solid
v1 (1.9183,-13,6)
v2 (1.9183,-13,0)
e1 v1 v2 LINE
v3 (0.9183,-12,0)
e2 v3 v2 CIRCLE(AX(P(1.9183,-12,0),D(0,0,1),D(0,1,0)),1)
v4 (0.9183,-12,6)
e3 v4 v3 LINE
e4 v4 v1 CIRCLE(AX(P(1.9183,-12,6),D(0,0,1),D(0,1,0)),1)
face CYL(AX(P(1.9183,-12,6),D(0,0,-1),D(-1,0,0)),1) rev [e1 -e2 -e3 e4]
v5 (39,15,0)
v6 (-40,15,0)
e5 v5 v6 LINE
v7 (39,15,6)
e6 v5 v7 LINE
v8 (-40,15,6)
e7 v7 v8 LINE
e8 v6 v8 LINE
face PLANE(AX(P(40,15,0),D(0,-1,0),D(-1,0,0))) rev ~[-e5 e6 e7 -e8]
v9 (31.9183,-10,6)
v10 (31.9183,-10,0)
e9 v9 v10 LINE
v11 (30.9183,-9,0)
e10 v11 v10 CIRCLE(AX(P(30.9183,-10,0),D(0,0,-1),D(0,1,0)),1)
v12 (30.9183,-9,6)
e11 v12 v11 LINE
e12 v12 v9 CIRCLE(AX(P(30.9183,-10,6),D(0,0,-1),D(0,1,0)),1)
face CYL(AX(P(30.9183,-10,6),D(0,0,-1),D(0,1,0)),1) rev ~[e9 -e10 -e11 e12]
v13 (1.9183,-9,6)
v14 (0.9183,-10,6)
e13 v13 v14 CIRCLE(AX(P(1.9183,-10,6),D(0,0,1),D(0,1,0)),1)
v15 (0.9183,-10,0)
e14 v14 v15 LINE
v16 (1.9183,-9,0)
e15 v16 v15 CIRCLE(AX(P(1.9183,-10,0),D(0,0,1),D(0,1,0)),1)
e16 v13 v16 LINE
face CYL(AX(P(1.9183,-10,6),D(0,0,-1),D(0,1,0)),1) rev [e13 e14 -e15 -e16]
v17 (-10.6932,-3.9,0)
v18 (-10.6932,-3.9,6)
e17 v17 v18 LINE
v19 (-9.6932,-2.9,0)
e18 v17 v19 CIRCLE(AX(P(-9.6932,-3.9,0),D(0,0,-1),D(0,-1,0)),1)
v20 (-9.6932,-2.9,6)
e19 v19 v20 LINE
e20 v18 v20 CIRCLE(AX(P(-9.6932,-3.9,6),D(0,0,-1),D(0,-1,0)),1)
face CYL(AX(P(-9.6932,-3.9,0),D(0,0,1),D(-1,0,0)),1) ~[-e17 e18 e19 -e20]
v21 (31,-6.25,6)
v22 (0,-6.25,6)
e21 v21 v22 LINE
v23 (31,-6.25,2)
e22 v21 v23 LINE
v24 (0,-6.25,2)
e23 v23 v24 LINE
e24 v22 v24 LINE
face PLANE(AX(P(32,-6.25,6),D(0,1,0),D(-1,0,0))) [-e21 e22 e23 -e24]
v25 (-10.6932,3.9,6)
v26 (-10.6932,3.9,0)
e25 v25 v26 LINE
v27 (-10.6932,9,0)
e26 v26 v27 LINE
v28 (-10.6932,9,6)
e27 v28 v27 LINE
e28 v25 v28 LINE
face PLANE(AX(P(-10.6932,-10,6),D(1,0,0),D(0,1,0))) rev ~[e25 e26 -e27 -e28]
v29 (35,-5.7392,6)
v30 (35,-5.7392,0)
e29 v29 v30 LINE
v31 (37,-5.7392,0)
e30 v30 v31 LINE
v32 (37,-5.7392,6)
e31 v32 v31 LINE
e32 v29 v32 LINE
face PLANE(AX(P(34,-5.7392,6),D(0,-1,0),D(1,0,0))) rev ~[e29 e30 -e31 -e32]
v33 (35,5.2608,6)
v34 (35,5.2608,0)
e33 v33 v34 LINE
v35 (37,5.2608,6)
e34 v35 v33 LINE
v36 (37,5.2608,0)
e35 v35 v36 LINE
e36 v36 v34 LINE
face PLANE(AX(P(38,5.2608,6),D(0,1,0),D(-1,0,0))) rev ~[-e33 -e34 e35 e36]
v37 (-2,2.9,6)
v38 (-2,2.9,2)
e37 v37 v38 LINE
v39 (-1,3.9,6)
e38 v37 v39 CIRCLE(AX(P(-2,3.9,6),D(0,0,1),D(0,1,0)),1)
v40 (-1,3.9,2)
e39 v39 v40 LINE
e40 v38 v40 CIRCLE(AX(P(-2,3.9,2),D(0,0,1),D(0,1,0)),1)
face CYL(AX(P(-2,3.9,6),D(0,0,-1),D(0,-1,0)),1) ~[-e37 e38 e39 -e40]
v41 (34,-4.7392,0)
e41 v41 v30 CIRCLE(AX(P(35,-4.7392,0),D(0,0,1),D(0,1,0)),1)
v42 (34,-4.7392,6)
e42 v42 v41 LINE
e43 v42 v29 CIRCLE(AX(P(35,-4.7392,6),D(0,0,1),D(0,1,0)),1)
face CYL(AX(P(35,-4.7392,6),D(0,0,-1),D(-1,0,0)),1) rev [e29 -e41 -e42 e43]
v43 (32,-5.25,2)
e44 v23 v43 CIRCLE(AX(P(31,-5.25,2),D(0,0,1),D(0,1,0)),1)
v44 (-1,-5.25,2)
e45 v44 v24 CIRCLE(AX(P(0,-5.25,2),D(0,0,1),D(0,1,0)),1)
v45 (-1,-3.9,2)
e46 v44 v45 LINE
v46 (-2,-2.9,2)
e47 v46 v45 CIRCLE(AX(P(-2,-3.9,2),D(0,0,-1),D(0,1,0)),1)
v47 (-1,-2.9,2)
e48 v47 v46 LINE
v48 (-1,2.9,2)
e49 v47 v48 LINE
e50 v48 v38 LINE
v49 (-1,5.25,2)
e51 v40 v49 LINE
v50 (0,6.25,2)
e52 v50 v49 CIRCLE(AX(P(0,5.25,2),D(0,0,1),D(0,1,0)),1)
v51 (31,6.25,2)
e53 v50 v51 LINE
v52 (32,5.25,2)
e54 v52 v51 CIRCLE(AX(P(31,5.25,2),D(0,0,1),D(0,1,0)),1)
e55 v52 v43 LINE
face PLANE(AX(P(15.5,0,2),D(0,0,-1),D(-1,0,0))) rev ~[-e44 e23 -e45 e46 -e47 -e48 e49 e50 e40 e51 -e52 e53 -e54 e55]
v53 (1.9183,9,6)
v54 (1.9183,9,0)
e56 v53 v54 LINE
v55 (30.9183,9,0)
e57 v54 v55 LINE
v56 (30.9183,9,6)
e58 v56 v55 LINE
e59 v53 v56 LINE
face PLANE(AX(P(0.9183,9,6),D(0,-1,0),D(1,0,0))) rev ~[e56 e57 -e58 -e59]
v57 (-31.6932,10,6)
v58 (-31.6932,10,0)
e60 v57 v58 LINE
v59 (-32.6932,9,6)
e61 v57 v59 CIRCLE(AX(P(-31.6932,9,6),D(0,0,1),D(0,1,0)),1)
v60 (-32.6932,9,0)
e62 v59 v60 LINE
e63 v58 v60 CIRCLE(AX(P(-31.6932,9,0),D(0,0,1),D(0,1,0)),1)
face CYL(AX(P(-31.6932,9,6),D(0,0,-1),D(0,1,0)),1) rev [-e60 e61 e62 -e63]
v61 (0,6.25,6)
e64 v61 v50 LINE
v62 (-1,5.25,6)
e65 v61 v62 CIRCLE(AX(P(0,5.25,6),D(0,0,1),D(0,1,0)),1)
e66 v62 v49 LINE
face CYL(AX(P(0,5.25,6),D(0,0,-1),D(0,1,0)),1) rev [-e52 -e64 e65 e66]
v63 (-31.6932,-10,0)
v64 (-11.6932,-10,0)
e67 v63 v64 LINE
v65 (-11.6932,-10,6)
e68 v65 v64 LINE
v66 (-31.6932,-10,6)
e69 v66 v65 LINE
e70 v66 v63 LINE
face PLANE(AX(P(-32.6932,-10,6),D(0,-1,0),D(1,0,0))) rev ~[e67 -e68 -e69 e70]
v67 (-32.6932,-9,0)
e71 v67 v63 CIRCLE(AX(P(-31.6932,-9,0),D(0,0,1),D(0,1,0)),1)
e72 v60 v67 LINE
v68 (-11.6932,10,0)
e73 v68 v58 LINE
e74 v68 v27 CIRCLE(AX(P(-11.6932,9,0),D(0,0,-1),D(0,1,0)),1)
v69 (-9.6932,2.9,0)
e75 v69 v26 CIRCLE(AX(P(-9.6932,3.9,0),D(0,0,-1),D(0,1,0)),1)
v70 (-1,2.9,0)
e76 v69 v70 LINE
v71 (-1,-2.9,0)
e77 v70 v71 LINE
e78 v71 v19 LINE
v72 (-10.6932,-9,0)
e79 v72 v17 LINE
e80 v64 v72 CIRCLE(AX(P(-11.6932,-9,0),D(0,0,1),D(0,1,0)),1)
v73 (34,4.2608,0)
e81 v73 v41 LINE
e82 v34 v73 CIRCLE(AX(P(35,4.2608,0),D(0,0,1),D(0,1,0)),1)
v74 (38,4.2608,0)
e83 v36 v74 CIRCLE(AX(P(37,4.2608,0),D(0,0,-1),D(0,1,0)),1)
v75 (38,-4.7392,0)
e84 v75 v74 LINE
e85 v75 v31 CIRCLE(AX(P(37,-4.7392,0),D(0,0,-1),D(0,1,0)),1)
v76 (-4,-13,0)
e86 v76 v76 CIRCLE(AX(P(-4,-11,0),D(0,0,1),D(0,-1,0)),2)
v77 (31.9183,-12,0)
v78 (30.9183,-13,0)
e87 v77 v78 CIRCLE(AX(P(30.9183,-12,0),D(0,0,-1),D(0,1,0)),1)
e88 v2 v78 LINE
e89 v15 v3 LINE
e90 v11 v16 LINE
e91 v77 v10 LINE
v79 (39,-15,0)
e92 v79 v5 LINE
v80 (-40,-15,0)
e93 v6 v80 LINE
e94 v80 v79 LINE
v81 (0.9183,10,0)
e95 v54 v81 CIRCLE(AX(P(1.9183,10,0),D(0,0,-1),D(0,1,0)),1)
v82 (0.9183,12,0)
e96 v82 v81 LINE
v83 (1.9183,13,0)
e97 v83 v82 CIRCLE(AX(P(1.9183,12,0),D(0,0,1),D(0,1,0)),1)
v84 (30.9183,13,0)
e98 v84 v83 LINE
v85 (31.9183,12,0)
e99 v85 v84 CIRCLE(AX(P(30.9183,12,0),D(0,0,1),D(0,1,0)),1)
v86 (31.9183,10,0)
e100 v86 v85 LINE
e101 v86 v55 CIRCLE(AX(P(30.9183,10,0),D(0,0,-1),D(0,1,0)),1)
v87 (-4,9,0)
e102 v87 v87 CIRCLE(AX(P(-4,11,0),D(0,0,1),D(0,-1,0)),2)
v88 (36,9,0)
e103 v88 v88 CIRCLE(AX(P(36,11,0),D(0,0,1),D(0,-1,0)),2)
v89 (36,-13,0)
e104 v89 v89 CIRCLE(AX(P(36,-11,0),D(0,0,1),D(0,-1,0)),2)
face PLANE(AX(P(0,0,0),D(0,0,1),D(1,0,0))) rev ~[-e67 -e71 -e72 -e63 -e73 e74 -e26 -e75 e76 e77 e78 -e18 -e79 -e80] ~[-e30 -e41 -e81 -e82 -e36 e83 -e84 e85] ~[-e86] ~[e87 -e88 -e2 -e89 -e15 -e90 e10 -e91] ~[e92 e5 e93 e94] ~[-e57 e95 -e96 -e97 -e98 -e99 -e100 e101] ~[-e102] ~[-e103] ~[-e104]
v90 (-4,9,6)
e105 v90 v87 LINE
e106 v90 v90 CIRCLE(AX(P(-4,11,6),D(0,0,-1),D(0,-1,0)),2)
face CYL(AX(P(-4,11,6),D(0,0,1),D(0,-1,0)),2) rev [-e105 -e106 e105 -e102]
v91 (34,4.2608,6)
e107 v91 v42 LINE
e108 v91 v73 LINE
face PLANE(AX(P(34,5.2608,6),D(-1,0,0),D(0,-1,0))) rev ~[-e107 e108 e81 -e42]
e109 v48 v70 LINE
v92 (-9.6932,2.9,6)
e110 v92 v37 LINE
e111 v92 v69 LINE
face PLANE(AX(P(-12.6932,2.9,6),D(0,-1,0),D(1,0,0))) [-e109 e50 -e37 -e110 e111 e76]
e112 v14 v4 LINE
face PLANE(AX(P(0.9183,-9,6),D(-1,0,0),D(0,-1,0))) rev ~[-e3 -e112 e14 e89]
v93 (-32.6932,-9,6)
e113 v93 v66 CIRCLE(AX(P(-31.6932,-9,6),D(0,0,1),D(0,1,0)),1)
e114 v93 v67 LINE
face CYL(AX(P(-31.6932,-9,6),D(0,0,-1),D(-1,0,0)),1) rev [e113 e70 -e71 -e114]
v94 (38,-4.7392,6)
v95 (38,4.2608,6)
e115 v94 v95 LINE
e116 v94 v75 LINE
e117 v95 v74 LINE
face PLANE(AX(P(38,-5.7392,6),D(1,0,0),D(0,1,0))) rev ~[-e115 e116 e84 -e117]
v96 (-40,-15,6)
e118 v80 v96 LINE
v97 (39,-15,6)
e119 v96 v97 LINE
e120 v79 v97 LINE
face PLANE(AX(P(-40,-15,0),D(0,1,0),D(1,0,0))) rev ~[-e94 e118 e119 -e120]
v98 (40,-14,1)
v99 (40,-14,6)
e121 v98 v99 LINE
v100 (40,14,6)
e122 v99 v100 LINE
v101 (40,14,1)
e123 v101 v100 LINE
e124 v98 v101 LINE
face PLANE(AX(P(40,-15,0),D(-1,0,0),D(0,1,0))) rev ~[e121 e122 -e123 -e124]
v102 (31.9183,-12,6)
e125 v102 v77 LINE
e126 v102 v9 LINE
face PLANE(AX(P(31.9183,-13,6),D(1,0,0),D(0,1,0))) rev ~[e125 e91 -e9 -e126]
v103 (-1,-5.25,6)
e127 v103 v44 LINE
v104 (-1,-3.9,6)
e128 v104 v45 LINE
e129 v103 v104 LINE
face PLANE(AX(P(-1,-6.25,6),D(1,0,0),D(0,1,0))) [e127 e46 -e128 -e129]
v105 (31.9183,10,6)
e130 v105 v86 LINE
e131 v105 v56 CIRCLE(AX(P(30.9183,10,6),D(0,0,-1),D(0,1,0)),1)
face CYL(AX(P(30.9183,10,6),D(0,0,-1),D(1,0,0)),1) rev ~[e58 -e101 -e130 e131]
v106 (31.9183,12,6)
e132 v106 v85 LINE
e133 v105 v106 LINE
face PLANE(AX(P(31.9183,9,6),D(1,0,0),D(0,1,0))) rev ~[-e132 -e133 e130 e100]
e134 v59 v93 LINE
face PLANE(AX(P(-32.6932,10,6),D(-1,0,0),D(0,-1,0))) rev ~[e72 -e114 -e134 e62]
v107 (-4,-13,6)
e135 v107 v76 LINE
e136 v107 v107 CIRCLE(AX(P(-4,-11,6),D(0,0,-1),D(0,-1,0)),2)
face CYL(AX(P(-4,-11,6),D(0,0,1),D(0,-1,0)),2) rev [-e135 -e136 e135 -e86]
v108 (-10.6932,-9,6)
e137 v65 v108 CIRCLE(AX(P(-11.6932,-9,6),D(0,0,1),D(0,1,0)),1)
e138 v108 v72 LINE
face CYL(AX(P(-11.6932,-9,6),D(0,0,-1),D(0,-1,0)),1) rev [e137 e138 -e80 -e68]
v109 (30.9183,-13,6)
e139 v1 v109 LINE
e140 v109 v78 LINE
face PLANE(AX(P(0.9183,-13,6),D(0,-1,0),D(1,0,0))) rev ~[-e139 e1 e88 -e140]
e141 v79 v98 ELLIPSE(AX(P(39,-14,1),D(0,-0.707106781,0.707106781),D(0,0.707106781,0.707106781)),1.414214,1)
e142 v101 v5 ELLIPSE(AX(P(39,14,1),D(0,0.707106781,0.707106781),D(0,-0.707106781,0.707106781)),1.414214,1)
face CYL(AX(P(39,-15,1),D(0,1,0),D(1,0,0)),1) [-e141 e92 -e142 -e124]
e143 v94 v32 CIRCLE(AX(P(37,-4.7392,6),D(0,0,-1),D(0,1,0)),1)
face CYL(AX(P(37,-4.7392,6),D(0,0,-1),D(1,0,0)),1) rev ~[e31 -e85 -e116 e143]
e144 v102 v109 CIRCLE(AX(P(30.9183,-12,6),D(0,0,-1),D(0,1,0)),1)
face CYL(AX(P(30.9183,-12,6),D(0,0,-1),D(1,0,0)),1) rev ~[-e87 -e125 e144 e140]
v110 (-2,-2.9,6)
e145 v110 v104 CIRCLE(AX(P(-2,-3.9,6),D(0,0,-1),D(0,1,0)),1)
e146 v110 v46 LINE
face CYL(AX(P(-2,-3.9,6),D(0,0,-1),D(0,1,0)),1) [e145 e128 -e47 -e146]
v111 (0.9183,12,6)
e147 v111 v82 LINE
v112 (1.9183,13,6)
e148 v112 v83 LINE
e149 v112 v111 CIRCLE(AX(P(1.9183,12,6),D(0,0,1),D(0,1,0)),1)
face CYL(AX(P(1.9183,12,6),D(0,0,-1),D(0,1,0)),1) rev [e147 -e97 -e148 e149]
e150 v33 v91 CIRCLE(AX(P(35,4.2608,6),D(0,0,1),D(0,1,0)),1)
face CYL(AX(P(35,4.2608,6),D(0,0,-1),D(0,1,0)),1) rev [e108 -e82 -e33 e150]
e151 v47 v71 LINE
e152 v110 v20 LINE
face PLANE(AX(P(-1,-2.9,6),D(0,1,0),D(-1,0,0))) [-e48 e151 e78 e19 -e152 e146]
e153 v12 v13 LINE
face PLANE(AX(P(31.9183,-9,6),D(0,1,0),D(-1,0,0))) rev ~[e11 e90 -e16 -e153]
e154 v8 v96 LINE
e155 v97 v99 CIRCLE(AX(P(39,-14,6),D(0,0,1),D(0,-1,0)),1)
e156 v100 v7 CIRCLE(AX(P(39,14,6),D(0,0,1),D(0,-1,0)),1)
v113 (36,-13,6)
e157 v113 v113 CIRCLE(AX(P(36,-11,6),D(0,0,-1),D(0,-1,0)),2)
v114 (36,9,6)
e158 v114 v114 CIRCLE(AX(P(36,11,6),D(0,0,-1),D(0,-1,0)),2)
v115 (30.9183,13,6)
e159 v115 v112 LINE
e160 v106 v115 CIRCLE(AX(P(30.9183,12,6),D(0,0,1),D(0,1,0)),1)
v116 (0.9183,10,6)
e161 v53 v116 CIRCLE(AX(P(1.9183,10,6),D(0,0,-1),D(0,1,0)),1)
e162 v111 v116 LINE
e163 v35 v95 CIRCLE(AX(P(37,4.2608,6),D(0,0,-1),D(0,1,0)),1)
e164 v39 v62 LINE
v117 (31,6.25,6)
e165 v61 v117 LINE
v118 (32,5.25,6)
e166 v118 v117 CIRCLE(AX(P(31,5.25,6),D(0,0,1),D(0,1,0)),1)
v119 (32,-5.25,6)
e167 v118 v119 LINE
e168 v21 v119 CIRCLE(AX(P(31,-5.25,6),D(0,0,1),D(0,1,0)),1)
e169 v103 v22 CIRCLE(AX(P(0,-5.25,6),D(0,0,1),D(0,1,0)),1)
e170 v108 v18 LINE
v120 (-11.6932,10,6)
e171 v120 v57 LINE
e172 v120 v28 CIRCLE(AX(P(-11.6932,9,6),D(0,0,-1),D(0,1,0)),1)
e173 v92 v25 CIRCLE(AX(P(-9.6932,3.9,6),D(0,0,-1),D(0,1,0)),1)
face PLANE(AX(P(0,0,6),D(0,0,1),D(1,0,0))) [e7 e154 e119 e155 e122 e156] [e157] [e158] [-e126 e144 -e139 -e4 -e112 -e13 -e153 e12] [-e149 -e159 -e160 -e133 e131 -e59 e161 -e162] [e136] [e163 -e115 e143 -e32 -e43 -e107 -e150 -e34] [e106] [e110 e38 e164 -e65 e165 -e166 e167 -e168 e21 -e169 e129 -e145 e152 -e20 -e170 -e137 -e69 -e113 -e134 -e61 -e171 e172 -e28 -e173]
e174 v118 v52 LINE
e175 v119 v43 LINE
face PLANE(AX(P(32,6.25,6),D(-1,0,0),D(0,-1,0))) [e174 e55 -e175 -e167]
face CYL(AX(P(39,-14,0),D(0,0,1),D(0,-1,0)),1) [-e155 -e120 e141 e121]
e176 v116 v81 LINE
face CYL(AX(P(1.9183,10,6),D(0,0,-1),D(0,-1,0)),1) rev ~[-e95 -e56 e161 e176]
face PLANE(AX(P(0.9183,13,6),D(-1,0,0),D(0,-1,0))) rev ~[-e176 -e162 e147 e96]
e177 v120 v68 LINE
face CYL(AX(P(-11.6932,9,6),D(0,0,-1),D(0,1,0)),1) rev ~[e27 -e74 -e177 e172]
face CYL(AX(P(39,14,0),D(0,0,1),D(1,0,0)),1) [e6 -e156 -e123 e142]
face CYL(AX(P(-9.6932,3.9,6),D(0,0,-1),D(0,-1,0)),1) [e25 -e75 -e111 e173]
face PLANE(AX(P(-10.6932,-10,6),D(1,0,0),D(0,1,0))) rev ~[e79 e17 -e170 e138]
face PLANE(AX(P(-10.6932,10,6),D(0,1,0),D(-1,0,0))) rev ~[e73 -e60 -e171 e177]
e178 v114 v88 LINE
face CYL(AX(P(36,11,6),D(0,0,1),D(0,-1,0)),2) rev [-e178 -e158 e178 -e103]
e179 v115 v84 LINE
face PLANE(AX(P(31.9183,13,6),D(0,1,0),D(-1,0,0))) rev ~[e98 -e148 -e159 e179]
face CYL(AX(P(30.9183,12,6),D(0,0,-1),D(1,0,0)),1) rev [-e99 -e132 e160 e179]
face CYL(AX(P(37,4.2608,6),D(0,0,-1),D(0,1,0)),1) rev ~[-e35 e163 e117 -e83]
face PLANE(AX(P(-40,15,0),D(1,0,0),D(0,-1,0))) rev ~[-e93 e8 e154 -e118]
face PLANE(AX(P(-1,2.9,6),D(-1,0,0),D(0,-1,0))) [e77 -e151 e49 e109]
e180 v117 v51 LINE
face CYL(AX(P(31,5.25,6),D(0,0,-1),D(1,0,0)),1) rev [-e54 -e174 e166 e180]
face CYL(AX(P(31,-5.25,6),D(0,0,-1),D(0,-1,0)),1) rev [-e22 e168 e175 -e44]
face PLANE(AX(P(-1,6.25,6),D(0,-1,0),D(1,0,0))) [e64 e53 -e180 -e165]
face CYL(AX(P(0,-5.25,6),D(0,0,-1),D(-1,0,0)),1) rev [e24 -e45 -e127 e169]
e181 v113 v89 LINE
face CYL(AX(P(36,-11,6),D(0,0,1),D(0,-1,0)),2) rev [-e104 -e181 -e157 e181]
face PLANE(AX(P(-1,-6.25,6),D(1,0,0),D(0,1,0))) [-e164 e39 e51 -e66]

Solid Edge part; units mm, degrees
sketch "Sketch1" plane through (0, 0, 0) normal (0, 0, 1) x (1, 0, 0)
  line L0 (-40, -15) -> (40, -15)
  line L1 (40, -15) -> (40, 15)
  line L2 (40, 15) -> (-40, 15)
  line L3 (-40, 15) -> (-40, -15)
  dimension "D1" = 80
  dimension "D2" = 30
extrude "Protrusion1" add sketch "Sketch1" along normal blind 6
sketch "Sketch2" plane through (0, 0, 6) normal (0, 0, 1) x (1, 0, 0)
  line L0 (-1, 6.25) -> (32, 6.25)
  line L1 (32, 6.25) -> (32, -6.25)
  line L2 (32, -6.25) -> (-1, -6.25)
  line L3 (-1, -6.25) -> (-1, 6.25)
  dimension "D1" = 33
  dimension "D2" = 12.5
  dimension "D3" = 8.75
  dimension "D4" = 8
extrude "Utskärning_för_batteriet" cut sketch "Sketch2" against normal blind 4
hole "Hole1" at (36, 11, 6) direction (0, 0, -1) diameter 4 end up to next
hole "Hole2" at (36, -11, 6) direction (0, 0, -1) diameter 4 end up to next
hole "Hole3" at (-4, 11, 6) direction (0, 0, -1) diameter 4 end up to next
hole "Hole4" at (-4, -11, 6) direction (0, 0, -1) diameter 4 end up to next
sketch "Sketch3" plane through (0, 0, 6) normal (0, 0, 1) x (0, -1, 0)
  line L0 (-5.2608, 38) -> (-5.2608, 34)
  line L1 (-5.2608, 34) -> (5.7392, 34)
  line L2 (5.7392, 34) -> (5.7392, 38)
  line L3 (5.7392, 38) -> (-5.2608, 38)
  line L4 (9, 31.9183) -> (9, 0.9183)
  line L5 (9, 0.9183) -> (13, 0.9183)
  line L6 (13, 0.9183) -> (13, 31.9183)
  line L7 (13, 31.9183) -> (9, 31.9183)
  line L8 (-9, 31.9183) -> (-13, 31.9183)
  line L9 (-13, 31.9183) -> (-13, 0.9183)
  line L10 (-13, 0.9183) -> (-9, 0.9183)
  line L11 (-9, 0.9183) -> (-9, 31.9183)
  line L12 (-10, -10.6932) -> (-10, -32.6932)
  line L13 (-10, -32.6932) -> (10, -32.6932)
  line L14 (10, -32.6932) -> (10, -10.6932)
  line L15 (10, -10.6932) -> (-10, -10.6932)
  dimension "D1" = 4
  dimension "D2" = 2
  dimension "D3" = 31
  dimension "D4" = 2
  dimension "D5" = 4
  dimension "D6" = 31
  dimension "D7" = 2
  dimension "D8" = 4
  dimension "D9" = 11
  dimension "D10" = 20
  dimension "D11" = 22
  dimension "D12" = 29.3068
  dimension "D13" = 5
  dimension "D14" = 8.0817
  dimension "D15" = 8.0817
  dimension "D16" = 5.2608
extrude "Cutout1" cut sketch "Sketch3" against normal through all
sketch "Sketch4" plane through (0, 0, 6) normal (0, 0, 1) x (0, -1, 0)
  line L0 (-2.9, -1) -> (2.9, -1)
  line L1 (2.9, -1) -> (2.9, -12.6932)
  line L2 (2.9, -12.6932) -> (-2.9, -12.6932)
  line L3 (-2.9, -12.6932) -> (-2.9, -1)
  dimension "D1" = 11.6932
  dimension "D2" = 12.1
  dimension "D3" = 12.1
extrude "Cutout2" cut sketch "Sketch4" against normal through all
fillet "Avrundningar_1" radius 1 27 edges at (31.9183, -13, 3) (40, 15, 3) (32, 6.25, 4) (40, -15, 3) (0.9183, 13, 3) (32, -6.25, 4) (40, 0, 0) (0.9183, -9, 3) (34, 5.2608, 3) (38, 5.2608, 3) (31.9183, 9, 3) (0.9183, 9, 3) (-1, -6.25, 4) (-1, 6.25, 4) (31.9183, 13, 3) (38, -5.7392, 3) (-10.6932, -10, 3) (34, -5.7392, 3) (0.9183, -13, 3) (-32.6932, 10, 3) (-32.6932, -10, 3) (-10.6932, 10, 3) (-10.6932, 2.9, 3) (-10.6932, -2.9, 3) (31.9183, -9, 3) (-1, 2.9, 4) (-1, -2.9, 4)
